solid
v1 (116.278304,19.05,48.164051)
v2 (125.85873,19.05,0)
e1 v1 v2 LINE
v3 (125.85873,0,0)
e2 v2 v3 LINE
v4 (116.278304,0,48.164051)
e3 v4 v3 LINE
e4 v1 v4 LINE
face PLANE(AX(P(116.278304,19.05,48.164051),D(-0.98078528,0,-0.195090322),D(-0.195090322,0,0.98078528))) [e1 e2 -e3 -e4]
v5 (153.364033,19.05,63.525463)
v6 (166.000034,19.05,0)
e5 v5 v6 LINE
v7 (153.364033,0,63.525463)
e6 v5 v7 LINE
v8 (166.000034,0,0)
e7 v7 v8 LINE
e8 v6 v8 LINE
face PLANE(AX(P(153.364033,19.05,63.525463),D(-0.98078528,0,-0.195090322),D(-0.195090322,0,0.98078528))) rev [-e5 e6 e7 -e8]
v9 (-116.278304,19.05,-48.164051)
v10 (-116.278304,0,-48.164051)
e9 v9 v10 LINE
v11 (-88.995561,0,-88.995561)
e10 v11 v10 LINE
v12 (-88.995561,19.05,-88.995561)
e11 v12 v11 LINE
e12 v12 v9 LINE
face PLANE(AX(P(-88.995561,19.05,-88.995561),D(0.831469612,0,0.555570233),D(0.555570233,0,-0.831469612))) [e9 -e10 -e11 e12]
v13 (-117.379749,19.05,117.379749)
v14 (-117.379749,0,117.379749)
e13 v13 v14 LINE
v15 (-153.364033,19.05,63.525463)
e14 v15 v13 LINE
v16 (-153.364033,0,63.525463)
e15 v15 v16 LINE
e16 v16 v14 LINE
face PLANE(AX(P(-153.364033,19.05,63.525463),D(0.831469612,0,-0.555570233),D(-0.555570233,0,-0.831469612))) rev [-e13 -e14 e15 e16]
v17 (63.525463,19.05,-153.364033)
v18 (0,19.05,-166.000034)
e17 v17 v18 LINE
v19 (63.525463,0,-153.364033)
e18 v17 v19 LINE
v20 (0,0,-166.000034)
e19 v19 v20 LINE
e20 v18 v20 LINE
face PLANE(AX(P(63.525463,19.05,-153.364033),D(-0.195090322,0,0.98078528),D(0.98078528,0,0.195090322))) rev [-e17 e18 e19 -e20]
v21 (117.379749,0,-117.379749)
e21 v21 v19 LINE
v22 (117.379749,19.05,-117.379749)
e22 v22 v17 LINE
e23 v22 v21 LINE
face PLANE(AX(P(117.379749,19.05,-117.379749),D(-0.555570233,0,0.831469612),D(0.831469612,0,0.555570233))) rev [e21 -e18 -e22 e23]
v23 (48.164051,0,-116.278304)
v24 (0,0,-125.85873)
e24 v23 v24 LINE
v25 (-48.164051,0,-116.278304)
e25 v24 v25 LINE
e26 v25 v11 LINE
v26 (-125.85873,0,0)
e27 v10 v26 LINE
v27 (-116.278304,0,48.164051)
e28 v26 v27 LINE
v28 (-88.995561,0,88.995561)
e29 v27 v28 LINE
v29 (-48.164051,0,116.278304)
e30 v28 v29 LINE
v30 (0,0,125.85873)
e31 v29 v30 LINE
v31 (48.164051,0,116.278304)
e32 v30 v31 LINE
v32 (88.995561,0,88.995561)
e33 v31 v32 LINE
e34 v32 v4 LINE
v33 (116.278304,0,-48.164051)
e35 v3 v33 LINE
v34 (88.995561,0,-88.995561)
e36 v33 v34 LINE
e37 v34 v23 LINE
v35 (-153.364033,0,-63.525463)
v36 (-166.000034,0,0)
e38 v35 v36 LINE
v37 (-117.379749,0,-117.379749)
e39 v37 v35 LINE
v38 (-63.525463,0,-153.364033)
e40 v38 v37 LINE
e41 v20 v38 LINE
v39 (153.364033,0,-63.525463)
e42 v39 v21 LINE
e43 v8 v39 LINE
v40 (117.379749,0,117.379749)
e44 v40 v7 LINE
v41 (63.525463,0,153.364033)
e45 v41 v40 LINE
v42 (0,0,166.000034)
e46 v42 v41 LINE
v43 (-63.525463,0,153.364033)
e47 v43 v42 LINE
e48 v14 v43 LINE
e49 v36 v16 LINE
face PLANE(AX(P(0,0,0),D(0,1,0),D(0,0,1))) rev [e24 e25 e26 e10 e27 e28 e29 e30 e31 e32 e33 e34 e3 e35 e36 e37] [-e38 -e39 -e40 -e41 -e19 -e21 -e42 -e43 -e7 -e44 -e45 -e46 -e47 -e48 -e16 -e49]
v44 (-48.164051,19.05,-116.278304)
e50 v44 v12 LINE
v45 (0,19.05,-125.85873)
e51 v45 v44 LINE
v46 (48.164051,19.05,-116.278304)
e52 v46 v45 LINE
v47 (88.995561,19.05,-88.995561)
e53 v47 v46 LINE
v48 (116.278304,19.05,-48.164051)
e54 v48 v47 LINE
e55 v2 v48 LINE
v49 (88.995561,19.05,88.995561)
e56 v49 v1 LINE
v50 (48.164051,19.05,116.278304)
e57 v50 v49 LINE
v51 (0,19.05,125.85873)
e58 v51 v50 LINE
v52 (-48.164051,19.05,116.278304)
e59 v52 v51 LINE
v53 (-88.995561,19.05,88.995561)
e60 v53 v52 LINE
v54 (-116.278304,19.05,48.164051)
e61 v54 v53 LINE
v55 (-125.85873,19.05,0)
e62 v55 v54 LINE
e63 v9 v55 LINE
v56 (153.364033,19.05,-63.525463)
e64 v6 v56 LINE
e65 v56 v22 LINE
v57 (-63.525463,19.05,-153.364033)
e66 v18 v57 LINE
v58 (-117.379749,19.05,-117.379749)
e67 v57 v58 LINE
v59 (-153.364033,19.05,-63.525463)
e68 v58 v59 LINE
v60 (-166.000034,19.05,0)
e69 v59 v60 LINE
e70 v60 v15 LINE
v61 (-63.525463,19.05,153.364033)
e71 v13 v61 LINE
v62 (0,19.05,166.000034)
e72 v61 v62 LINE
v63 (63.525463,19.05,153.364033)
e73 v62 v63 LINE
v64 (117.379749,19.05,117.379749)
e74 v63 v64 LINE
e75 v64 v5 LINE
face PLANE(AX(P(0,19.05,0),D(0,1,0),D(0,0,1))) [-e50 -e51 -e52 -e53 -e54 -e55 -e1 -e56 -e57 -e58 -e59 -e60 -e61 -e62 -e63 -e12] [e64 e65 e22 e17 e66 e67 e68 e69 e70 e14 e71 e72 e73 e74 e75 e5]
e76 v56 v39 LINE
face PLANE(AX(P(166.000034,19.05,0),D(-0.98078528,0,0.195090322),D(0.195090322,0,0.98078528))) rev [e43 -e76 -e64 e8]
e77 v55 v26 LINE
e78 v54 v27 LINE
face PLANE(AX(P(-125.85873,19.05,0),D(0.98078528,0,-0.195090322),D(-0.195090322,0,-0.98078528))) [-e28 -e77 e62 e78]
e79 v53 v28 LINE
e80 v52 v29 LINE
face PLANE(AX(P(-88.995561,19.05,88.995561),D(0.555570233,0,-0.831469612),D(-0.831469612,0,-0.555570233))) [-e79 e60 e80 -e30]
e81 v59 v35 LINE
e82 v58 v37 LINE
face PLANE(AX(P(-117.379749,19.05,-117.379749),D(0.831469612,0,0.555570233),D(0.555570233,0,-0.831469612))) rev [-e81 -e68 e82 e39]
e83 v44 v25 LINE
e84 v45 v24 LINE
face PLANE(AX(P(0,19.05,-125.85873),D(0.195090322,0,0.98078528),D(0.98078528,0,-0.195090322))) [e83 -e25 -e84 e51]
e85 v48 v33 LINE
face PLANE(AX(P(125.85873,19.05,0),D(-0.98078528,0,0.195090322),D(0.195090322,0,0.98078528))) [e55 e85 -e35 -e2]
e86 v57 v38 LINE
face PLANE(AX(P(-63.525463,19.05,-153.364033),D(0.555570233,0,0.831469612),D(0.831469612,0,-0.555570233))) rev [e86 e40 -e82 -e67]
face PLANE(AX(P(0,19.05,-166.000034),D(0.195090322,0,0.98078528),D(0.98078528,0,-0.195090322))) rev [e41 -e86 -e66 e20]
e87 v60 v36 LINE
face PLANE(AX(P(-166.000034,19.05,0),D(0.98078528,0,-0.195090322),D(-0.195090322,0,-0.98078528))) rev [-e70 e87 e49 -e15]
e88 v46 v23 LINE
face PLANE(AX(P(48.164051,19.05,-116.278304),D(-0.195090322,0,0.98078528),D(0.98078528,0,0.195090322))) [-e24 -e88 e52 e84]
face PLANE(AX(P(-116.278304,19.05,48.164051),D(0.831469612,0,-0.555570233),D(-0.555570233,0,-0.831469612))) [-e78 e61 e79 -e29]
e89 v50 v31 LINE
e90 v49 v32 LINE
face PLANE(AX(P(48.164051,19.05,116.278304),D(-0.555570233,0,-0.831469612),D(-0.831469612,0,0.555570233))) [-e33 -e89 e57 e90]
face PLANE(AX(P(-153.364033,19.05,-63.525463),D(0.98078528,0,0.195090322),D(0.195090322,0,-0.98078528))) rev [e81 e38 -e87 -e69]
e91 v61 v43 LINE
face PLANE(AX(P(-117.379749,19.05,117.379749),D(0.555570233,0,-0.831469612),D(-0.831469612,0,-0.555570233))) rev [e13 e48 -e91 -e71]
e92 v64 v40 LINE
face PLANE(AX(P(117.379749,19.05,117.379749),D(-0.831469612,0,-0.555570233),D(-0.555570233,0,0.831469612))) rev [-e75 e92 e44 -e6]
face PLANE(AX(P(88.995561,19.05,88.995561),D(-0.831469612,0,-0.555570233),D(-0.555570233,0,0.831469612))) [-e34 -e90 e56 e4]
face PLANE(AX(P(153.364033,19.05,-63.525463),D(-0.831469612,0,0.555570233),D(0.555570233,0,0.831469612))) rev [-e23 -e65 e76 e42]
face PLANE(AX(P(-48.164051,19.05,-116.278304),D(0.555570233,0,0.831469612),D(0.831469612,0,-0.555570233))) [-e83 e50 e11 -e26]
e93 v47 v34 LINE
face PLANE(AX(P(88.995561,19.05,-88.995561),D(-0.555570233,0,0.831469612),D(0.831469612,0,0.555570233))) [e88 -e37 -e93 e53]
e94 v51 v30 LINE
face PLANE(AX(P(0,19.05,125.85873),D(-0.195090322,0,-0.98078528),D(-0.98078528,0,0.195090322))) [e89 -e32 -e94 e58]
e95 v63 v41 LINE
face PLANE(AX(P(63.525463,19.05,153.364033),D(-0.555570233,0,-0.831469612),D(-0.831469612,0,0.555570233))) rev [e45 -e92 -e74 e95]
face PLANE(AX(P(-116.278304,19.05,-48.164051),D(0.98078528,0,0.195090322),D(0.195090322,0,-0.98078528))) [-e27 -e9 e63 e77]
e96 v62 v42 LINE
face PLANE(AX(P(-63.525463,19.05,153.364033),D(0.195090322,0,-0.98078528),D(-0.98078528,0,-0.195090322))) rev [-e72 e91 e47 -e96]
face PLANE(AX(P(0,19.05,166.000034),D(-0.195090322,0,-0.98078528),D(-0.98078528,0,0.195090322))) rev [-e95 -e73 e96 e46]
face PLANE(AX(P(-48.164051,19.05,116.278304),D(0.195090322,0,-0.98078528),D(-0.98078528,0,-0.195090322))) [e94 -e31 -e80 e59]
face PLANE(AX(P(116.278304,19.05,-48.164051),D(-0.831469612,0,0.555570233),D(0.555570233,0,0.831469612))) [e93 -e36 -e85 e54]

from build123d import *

# Parameters (mm, degrees)
BOSS_EXTRUDE1_DEPTH = 19.05


with BuildPart() as part:
    # Sketch1 → Boss-Extrude1 (new body)
    with BuildSketch(Plane(origin=(0, 0, 0), x_dir=(1, 0, 0), z_dir=(0, 1, 0))):
        Polygon((166.00003355, 0), (153.364033393, 63.525462612), (117.379749401, 117.379749401), (63.525462612, 153.364033393), (0, 166.00003355), (-63.525462612, 153.364033393), (-117.379749401, 117.379749401), (-153.364033393, 63.525462612), (-166.00003355, 0), (-153.364033393, -63.525462612), (-117.379749401, -117.379749401), (-63.525462612, -153.364033393), (0, -166.00003355), (63.525462612, -153.364033393), (117.379749401, -117.379749401), (153.364033393, -63.525462612), align=None)
        Polygon((125.858729652, 0), (116.278304313, 48.164050656), (88.995561208, 88.995561208), (48.164050656, 116.278304313), (0, 125.858729652), (-48.164050656, 116.278304313), (-88.995561208, 88.995561208), (-116.278304313, 48.164050656), (-125.858729652, 0), (-116.278304313, -48.164050656), (-88.995561208, -88.995561208), (-48.164050656, -116.278304313), (0, -125.858729652), (48.164050656, -116.278304313), (88.995561208, -88.995561208), (116.278304313, -48.164050656), align=None, mode=Mode.SUBTRACT)
    extrude(amount=BOSS_EXTRUDE1_DEPTH)


solid = part.part
